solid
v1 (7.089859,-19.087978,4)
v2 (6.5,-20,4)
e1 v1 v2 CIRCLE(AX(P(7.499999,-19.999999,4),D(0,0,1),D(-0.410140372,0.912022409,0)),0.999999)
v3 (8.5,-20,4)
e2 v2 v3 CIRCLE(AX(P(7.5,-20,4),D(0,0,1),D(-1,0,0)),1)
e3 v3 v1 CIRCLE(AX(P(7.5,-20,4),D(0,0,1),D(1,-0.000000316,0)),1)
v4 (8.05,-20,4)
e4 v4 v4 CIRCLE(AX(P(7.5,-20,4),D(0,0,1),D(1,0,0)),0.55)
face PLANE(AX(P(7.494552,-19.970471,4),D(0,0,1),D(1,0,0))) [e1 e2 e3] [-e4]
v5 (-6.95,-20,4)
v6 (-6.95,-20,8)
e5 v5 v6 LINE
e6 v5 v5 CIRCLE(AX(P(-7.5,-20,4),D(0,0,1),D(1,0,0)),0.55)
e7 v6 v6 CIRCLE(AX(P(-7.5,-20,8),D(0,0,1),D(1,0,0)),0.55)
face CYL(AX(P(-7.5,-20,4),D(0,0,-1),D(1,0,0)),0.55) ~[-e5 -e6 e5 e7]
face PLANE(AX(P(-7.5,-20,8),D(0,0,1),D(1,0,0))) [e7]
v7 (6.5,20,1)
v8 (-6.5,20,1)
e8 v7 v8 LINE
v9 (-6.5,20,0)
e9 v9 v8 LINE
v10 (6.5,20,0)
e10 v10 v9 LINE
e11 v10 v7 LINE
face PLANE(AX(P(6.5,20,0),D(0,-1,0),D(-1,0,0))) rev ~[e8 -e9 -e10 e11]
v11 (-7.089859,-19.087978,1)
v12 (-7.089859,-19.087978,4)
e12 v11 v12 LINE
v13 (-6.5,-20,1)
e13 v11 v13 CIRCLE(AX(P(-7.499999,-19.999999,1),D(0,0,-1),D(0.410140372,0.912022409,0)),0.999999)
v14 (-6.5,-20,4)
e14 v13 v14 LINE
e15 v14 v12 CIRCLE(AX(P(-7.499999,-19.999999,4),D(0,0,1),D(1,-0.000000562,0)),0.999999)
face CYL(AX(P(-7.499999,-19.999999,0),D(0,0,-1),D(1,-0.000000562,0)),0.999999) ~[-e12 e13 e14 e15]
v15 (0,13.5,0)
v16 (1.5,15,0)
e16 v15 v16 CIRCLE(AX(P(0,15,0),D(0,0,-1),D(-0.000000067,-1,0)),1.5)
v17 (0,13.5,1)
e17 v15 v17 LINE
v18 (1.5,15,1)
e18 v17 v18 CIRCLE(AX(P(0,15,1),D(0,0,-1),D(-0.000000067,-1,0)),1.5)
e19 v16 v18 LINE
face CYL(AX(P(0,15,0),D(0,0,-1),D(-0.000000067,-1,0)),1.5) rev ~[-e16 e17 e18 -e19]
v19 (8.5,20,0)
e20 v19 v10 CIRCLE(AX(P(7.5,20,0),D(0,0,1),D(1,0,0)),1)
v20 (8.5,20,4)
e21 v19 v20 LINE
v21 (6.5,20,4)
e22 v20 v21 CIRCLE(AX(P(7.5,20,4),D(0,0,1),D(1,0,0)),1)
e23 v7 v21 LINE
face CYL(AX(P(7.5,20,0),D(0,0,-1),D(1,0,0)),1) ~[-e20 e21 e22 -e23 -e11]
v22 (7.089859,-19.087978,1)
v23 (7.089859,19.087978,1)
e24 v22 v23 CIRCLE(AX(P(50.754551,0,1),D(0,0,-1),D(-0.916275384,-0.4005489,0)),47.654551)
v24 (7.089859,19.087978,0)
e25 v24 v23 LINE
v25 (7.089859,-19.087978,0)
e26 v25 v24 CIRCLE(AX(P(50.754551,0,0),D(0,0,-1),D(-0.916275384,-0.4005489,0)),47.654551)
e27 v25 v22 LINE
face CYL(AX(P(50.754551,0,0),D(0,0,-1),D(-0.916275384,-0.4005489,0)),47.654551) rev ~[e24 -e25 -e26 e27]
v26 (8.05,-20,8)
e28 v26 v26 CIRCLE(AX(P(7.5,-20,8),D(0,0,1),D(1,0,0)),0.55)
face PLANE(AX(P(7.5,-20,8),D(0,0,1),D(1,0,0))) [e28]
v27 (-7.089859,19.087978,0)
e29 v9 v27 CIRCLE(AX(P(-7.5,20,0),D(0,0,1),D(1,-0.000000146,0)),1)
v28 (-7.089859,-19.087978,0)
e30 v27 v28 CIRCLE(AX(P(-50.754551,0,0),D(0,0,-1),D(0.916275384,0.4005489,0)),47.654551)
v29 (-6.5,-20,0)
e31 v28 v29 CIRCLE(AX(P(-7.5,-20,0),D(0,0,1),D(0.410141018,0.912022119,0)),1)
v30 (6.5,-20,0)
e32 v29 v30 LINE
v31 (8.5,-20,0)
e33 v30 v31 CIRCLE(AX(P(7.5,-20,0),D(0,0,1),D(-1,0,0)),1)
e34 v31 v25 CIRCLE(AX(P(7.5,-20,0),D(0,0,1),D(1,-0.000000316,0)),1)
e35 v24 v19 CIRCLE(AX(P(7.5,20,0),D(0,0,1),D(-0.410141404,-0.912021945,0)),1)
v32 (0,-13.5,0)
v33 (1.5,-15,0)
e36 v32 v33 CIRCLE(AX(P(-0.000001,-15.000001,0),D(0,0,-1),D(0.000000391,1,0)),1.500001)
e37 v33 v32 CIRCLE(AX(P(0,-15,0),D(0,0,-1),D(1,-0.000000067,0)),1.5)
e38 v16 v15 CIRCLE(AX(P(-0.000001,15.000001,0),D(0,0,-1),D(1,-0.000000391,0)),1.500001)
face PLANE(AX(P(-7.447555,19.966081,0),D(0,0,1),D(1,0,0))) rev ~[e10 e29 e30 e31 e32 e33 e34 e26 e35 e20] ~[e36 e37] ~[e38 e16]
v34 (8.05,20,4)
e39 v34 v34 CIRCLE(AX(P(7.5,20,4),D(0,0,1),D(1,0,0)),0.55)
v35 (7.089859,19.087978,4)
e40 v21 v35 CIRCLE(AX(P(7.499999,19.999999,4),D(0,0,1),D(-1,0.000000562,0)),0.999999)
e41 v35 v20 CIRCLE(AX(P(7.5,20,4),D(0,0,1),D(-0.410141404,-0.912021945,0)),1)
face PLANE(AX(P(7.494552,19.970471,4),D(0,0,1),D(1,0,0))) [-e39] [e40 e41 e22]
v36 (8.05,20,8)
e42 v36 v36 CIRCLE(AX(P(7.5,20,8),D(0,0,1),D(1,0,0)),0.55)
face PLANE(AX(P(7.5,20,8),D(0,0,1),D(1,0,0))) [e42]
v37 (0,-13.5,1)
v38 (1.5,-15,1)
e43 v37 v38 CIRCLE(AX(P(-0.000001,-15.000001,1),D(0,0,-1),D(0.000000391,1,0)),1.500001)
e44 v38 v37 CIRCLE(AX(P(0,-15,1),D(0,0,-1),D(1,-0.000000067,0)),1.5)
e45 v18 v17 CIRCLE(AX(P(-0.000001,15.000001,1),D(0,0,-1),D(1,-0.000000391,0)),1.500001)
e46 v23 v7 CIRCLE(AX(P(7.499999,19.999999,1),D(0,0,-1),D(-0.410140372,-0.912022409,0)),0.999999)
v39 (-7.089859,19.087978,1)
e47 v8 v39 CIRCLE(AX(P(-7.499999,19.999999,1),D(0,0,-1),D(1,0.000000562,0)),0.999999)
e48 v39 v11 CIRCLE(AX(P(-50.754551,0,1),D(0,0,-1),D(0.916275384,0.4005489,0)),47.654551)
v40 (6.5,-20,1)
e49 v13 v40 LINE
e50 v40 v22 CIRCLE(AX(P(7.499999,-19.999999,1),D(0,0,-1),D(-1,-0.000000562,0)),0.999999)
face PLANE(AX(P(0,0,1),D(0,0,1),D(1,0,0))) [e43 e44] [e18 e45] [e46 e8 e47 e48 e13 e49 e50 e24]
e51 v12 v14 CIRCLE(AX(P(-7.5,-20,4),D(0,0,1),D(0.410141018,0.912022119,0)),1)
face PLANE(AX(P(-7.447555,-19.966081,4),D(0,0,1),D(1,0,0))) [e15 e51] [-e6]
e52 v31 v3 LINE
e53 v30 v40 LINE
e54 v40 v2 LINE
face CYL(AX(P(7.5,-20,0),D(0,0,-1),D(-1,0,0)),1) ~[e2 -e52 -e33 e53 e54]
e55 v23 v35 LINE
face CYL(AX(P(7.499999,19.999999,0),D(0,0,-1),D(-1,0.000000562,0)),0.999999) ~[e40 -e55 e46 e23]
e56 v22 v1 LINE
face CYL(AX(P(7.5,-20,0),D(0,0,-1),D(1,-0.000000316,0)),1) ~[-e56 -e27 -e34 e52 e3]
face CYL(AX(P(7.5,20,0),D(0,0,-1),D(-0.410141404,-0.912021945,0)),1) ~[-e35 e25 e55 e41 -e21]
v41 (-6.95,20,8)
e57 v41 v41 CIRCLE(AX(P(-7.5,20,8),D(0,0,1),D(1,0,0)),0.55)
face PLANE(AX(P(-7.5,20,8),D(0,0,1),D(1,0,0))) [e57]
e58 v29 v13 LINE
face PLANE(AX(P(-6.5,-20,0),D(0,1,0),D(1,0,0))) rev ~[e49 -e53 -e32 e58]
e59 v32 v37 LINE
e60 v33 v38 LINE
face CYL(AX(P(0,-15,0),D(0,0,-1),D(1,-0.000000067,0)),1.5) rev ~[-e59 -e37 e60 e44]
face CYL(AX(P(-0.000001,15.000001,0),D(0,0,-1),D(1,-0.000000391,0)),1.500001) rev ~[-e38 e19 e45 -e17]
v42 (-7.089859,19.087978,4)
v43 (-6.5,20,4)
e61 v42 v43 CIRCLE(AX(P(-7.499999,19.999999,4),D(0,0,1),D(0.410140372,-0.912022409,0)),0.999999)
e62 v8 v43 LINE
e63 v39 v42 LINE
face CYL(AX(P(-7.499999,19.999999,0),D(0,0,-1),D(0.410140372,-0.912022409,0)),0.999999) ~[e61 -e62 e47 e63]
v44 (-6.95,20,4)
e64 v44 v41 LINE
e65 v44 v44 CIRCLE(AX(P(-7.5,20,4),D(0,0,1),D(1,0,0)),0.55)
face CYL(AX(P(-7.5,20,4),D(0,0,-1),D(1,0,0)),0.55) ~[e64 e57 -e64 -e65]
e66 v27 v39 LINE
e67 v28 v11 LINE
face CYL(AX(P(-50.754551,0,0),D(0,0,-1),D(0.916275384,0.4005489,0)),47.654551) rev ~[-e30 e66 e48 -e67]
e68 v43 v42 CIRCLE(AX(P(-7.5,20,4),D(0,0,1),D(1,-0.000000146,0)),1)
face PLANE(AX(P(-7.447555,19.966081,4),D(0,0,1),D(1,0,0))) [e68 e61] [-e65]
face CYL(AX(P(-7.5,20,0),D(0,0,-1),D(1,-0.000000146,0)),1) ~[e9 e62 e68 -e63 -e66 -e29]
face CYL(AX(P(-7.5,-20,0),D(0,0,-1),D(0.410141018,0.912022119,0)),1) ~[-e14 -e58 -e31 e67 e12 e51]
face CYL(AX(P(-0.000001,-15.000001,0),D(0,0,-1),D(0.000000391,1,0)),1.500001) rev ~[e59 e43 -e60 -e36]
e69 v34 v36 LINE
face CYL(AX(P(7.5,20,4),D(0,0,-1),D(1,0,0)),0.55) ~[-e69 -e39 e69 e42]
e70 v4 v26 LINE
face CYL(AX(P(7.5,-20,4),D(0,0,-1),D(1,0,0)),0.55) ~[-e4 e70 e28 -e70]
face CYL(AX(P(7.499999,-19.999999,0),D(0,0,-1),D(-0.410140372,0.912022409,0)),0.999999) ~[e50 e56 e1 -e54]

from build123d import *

# Parameters (mm, degrees)
F1_DEPTH  = 1
F2_DEPTH  = 4
F3_DEPTH  = 4
F4_R      = 0.55
F5_DEPTH  = 4
F6_R      = 0.55
F7_DEPTH  = 4
F8_R      = 0.55
F9_DEPTH  = 4
F10_R     = 0.55
F11_DEPTH = 4


with BuildPart() as f1:
    # F0 (on Top) → F1 (new body)
    with BuildSketch(Plane.XY):
        with BuildLine():
            Line((-6.5, -20), (6.5, -20))
            ThreePointArc((6.5, -20), (6.660315, -19.456926), (7.089859, -19.087978))
            ThreePointArc((7.089859, -19.087978), (3.1, 0), (7.089859, 19.087978))
            ThreePointArc((7.089859, 19.087978), (6.660315, 19.456926), (6.5, 20))
            Line((6.5, 20), (-6.5, 20))
            ThreePointArc((-6.5, 20), (-6.660315, 19.456926), (-7.089859, 19.087978))
            ThreePointArc((-7.089859, 19.087978), (-3.1, 0), (-7.089859, -19.087978))
            ThreePointArc((-7.089859, -19.087978), (-6.660315, -19.456926), (-6.5, -20))
        make_face()
        with BuildLine():
            ThreePointArc((1.5, -15), (-1.06066, -16.06066), (0, -13.5))
            ThreePointArc((0, -13.5), (1.06066, -13.93934), (1.5, -15))
        make_face(mode=Mode.SUBTRACT)
        with BuildLine():
            ThreePointArc((1.5, 15), (1.06066, 13.93934), (0, 13.5))
            ThreePointArc((0, 13.5), (-1.06066, 16.06066), (1.5, 15))
        make_face(mode=Mode.SUBTRACT)
    extrude(amount=F1_DEPTH)

    # F0 (on Top) → F2 (join)
    with BuildSketch(Plane.XY):
        with BuildLine():
            ThreePointArc((6.5, 20), (6.660315, 19.456926), (7.089859, 19.087978))
            ThreePointArc((7.089859, 19.087978), (8.043074, 19.160315), (8.5, 20))
            ThreePointArc((8.5, 20), (7.5, 21), (6.5, 20))
        make_face()
    extrude(amount=F2_DEPTH)

    # F0 (on Top) → F3 (join)
    with BuildSketch(Plane.XY):
        with BuildLine():
            ThreePointArc((-6.5, 20), (-8.339685, 20.543074), (-7.089859, 19.087978))
            ThreePointArc((-7.089859, 19.087978), (-6.660315, 19.456926), (-6.5, 20))
        make_face()
        with BuildLine():
            ThreePointArc((7.089859, -19.087978), (6.660315, -19.456926), (6.5, -20))
            ThreePointArc((6.5, -20), (7.5, -21), (8.5, -20))
            ThreePointArc((8.5, -20), (8.043074, -19.160315), (7.089859, -19.087978))
        make_face()
        with BuildLine():
            ThreePointArc((-7.089859, -19.087978), (-8.339685, -20.543074), (-6.5, -20))
            ThreePointArc((-6.5, -20), (-6.660315, -19.456926), (-7.089859, -19.087978))
        make_face()
    extrude(amount=F3_DEPTH)

    # F4 (on face) → F5 (join)
    with BuildSketch(Plane.XY.offset(4)):
        with Locations((7.5, 20)):
            Circle(F4_R)
    extrude(amount=F5_DEPTH)

    # F6 (on face) → F7 (join)
    with BuildSketch(Plane.XY.offset(4)):
        with Locations((-7.5, 20)):
            Circle(F6_R)
    extrude(amount=F7_DEPTH)

    # F8 (on face) → F9 (join)
    with BuildSketch(Plane.XY.offset(4)):
        with Locations((7.5, -20)):
            Circle(F8_R)
    extrude(amount=F9_DEPTH)

    # F10 (on face) → F11 (join)
    with BuildSketch(Plane.XY.offset(4)):
        with Locations((-7.5, -20)):
            Circle(F10_R)
    extrude(amount=F11_DEPTH)


solid = f1.part
